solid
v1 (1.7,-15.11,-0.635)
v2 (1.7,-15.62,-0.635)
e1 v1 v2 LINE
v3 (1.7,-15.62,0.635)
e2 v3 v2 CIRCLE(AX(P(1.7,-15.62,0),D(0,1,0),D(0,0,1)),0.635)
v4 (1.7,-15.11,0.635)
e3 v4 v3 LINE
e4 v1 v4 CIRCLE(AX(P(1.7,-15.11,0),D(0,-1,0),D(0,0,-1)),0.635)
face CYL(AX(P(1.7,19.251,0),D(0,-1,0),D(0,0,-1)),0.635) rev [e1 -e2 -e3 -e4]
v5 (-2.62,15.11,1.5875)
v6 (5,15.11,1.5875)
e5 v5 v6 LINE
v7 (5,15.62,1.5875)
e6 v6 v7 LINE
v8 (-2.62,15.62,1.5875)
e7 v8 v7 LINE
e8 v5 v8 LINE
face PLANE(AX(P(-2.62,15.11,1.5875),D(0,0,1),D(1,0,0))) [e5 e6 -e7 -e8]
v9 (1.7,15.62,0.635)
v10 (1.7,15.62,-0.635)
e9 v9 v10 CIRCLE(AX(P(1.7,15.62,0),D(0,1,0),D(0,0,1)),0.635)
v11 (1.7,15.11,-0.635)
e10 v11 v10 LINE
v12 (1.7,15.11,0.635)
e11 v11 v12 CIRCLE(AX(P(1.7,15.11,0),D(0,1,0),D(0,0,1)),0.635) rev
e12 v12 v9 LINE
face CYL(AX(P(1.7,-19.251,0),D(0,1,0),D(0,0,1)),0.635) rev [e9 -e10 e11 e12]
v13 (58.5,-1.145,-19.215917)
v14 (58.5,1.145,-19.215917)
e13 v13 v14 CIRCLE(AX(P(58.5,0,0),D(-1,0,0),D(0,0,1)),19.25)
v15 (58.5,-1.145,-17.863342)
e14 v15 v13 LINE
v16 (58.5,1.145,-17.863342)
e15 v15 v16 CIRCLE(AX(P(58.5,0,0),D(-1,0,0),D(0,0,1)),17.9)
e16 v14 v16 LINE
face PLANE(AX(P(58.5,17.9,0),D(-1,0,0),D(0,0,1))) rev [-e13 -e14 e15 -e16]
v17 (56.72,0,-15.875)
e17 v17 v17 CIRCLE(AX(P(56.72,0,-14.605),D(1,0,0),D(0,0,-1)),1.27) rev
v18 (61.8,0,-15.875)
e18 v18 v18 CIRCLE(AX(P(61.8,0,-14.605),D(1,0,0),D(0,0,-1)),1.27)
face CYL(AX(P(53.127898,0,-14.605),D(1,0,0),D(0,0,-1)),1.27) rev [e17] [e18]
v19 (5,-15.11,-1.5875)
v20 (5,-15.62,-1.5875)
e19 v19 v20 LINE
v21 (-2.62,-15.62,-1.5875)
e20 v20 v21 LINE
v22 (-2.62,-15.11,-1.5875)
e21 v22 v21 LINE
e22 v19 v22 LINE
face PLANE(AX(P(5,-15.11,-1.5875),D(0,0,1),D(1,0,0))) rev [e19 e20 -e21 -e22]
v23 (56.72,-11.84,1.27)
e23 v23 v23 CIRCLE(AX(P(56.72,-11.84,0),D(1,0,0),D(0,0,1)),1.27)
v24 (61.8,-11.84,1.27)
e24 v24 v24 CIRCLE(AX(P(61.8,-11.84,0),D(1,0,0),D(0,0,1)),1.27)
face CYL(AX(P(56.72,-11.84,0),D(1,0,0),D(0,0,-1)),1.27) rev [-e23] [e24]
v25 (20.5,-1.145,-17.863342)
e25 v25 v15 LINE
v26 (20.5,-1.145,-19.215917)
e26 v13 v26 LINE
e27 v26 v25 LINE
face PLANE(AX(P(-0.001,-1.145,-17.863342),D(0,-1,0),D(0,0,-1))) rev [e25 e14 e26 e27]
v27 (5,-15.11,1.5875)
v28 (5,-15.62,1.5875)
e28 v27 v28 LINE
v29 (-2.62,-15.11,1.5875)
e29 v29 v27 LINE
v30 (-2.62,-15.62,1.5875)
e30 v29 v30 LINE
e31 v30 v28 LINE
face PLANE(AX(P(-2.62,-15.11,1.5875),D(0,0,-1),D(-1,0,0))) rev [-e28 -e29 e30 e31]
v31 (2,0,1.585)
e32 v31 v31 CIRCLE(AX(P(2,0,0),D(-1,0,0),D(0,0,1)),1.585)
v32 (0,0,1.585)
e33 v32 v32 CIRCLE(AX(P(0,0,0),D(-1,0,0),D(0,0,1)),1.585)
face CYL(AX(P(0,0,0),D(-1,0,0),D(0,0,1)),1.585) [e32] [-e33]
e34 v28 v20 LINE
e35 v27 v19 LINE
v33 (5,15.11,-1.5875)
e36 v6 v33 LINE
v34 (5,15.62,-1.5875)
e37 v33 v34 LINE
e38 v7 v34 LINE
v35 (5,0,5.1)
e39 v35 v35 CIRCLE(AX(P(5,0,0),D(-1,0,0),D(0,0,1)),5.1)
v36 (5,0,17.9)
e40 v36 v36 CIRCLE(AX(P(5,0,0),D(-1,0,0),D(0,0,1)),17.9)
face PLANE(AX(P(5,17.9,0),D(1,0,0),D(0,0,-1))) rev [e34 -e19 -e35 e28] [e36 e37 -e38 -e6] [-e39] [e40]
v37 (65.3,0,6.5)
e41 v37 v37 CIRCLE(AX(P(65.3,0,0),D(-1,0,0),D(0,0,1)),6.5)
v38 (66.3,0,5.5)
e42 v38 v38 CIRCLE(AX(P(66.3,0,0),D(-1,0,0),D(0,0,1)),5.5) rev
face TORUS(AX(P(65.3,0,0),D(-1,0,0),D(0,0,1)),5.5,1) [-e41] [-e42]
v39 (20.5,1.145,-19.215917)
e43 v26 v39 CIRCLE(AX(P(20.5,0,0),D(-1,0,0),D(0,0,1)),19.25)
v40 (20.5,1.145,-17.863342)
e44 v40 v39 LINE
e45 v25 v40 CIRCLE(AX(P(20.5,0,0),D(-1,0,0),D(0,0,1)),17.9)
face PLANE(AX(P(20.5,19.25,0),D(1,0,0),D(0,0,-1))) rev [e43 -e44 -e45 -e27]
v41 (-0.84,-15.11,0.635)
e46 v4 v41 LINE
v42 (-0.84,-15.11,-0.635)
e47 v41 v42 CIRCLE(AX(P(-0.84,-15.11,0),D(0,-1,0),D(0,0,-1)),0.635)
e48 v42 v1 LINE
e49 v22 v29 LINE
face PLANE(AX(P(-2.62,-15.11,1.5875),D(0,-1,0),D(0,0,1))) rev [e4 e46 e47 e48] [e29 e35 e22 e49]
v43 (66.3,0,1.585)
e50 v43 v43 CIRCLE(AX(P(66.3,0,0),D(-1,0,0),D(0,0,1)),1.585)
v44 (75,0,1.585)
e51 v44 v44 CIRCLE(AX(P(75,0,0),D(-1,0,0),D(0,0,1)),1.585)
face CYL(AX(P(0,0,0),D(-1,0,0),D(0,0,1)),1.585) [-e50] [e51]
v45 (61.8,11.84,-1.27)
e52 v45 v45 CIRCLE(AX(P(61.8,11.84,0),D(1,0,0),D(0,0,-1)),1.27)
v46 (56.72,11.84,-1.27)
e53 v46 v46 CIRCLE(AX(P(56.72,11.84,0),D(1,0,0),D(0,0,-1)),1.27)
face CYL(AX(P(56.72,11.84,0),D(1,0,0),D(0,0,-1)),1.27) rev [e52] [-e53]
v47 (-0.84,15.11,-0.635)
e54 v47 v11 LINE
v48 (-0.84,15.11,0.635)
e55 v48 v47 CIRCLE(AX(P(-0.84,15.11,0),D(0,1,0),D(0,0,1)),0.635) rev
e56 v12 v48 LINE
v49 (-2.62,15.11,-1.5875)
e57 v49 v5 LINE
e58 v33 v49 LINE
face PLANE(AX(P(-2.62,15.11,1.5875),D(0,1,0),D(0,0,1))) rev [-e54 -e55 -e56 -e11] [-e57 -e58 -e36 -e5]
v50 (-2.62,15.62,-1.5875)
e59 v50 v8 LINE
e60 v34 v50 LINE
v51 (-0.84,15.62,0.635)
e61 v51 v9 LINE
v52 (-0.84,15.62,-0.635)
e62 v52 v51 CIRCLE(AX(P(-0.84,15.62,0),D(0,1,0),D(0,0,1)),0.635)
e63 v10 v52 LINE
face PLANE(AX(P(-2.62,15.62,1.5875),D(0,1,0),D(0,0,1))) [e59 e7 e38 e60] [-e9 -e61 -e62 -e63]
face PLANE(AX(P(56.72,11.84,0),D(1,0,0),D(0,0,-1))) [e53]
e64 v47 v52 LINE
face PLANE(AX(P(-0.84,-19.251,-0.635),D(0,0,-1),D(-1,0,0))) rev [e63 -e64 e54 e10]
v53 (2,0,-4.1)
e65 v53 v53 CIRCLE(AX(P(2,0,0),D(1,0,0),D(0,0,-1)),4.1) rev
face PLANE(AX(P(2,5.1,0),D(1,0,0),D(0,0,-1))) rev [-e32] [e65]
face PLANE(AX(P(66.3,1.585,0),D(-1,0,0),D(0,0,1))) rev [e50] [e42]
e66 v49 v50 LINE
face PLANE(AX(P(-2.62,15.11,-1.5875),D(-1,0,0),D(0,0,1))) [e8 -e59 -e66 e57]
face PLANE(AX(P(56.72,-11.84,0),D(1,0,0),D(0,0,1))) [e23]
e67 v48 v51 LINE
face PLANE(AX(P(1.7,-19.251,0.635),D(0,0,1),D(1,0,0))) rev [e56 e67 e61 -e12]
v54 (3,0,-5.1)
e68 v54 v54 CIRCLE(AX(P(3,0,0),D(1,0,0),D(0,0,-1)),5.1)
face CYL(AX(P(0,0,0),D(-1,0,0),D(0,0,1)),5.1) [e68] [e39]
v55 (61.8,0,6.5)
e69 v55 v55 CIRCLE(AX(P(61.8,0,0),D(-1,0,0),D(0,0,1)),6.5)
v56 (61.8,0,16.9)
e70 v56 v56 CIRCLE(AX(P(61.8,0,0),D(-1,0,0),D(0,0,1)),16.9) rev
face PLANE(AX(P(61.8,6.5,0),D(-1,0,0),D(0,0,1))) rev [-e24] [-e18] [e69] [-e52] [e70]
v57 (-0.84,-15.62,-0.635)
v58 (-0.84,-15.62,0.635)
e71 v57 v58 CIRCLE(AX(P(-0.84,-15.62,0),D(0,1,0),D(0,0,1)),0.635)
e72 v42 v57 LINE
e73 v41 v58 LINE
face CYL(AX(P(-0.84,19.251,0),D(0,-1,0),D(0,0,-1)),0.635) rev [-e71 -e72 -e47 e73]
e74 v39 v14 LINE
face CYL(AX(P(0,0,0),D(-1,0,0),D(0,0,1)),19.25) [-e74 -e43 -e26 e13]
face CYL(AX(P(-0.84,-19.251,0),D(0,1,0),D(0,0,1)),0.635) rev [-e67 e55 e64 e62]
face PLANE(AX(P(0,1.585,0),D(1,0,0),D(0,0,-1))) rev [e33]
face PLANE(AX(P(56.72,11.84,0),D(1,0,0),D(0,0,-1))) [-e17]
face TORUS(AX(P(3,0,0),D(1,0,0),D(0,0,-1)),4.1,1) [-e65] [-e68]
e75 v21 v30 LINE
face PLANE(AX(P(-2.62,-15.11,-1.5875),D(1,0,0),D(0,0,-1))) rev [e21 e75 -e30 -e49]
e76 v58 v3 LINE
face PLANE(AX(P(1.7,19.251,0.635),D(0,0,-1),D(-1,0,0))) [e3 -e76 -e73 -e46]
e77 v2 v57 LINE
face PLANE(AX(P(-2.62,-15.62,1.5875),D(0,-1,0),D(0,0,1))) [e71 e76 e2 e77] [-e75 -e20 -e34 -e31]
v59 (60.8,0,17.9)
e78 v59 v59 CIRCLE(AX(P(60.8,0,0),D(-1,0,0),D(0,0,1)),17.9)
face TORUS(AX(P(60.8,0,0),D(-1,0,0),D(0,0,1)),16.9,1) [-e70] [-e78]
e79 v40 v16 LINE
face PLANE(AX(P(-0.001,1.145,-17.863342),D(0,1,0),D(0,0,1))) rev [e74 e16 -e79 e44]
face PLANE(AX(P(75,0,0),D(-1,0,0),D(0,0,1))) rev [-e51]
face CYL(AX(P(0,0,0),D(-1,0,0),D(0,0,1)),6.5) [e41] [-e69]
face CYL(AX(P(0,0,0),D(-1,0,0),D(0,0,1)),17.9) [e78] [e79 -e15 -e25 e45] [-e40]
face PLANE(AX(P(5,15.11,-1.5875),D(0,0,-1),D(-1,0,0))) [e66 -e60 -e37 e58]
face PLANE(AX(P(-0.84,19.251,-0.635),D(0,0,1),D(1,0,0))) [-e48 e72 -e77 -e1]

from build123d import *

# Parameters (mm, degrees)
SKETCH2_R         = 1.27
EXTRUDE1_DEPTH    = 5.08
CIRPATTERN1_COUNT = 2
SKETCH6_R         = 1.27
EXTRUDE5_DEPTH    = 5.08
EXTRUDE2_REACH    = 66.524
SKETCH4_W         = 7.62
SKETCH4_H         = 3.175
EXTRUDE3_DEPTH    = 0.51
EXTRUDE4_REACH    = 86.92
FILETE1_R         = 1


with BuildPart() as part:
    # Sketch1 → Revolve1 (revolve)
    with BuildSketch(Plane.XY, mode=Mode.PRIVATE) as revolve1_sk:
        Polygon((0, 0), (75, 0), (75, 1.585), (66.3, 1.585), (66.3, 6.5), (61.8, 6.5), (61.8, 17.900000014), (58.5, 17.900000014), (58.5, 19.249999981), (20.5, 19.249999981), (20.5, 17.900000014), (5, 17.900000014), (5, 5.1), (2, 5.1), (2, 1.585), (0, 1.585), align=None)
    revolve(revolve1_sk.sketch.rotate(Axis((0, 0, 0), (1, 0, 0)), 90), axis=Axis((0, 0, 0), (1, 0, 0)))

    # Sketch2 → Extrude1 (cut)
    with BuildSketch(Plane(origin=(61.8, 0, 0), x_dir=(0, 0, -1), z_dir=(1, 0, 0))):
        with Locations((0, 11.84)):
            Circle(SKETCH2_R)
    extrude1 = extrude(amount=-EXTRUDE1_DEPTH, mode=Mode.SUBTRACT)

    # CirPattern1: Extrude1 ×2 about axis
    cirpattern1_axis = Axis((0, 0, 0), (1, 0, 0))
    for i in range(1, CIRPATTERN1_COUNT):
        add(extrude1.rotate(cirpattern1_axis, i * 360 / CIRPATTERN1_COUNT), mode=Mode.SUBTRACT)

    # Sketch6 → Extrude5 (cut)
    with BuildSketch(Plane(origin=(61.8, 0, 0), x_dir=(0, 0, -1), z_dir=(1, 0, 0))):
        with Locations((14.605, 0)):
            Circle(SKETCH6_R)
    extrude(amount=-EXTRUDE5_DEPTH, mode=Mode.SUBTRACT)

    # Sketch3 → Extrude2 (cut, up to next)
    with BuildSketch(Plane(origin=(58.5, 0, 0), x_dir=(0, 0, -1), z_dir=(1, 0, 0)), mode=Mode.PRIVATE) as extrude2_sk1:
        with BuildLine():
            Line((17.863341667, 1.145), (19.863341667, 1.145))
            Line((19.863341667, 1.145), (19.863341667, -1.145))
            Line((19.863341667, -1.145), (17.863341667, -1.145))
            ThreePointArc((17.863341667, -1.145), (17.900000014, 0), (17.863341667, 1.145))
        make_face()
    extrude2_tool1 = extrude(extrude2_sk1.sketch, amount=-EXTRUDE2_REACH, mode=Mode.PRIVATE) & part.part
    add(extrude2_tool1.solids().sort_by_distance((58.5, 0, -18.875533))[0], mode=Mode.SUBTRACT)

    # Sketch4 → Extrude3 (add)
    with BuildSketch(Plane(origin=(0, 15.62, 0), x_dir=(-1, 0, 0), z_dir=(0, 1, 0))):
        with Locations((-1.19, 0)):
            Rectangle(SKETCH4_W, SKETCH4_H)
    extrude3 = extrude(amount=-EXTRUDE3_DEPTH)

    # Sketch5 → Extrude4 (cut, up to next)
    with BuildSketch(Plane(origin=(0, 15.62, 0), x_dir=(1, 0, 0), z_dir=(0, 1, 0)), mode=Mode.PRIVATE) as extrude4_sk1:
        with BuildLine():
            Line((-0.84, 0.635), (1.7, 0.635))
            ThreePointArc((1.7, 0.635), (2.335, 0), (1.7, -0.635))
            Line((1.7, -0.635), (-0.84, -0.635))
            ThreePointArc((-0.84, -0.635), (-1.475, 0), (-0.84, 0.635))
        make_face()
    extrude4_tool1 = extrude(extrude4_sk1.sketch, amount=-EXTRUDE4_REACH, mode=Mode.PRIVATE) & part.part
    extrude4 = extrude4_tool1.solids().sort_by_distance((0.43, 15.62, 0))[0]
    add(extrude4, mode=Mode.SUBTRACT)

    # Mirror1: Extrude3, Extrude4 across plane
    add(extrude3.mirror(Plane.ZX))
    add(extrude4.mirror(Plane.ZX), mode=Mode.SUBTRACT)

    # Filete1
    filete1_edges = [part.edges().sort_by_distance(p)[0] for p in [
        (2, 0, -5.1),
        (61.8, 0, -17.900000014),
        (66.3, 0, -6.5),
    ]]
    fillet(filete1_edges, radius=FILETE1_R)


solid = part.part
